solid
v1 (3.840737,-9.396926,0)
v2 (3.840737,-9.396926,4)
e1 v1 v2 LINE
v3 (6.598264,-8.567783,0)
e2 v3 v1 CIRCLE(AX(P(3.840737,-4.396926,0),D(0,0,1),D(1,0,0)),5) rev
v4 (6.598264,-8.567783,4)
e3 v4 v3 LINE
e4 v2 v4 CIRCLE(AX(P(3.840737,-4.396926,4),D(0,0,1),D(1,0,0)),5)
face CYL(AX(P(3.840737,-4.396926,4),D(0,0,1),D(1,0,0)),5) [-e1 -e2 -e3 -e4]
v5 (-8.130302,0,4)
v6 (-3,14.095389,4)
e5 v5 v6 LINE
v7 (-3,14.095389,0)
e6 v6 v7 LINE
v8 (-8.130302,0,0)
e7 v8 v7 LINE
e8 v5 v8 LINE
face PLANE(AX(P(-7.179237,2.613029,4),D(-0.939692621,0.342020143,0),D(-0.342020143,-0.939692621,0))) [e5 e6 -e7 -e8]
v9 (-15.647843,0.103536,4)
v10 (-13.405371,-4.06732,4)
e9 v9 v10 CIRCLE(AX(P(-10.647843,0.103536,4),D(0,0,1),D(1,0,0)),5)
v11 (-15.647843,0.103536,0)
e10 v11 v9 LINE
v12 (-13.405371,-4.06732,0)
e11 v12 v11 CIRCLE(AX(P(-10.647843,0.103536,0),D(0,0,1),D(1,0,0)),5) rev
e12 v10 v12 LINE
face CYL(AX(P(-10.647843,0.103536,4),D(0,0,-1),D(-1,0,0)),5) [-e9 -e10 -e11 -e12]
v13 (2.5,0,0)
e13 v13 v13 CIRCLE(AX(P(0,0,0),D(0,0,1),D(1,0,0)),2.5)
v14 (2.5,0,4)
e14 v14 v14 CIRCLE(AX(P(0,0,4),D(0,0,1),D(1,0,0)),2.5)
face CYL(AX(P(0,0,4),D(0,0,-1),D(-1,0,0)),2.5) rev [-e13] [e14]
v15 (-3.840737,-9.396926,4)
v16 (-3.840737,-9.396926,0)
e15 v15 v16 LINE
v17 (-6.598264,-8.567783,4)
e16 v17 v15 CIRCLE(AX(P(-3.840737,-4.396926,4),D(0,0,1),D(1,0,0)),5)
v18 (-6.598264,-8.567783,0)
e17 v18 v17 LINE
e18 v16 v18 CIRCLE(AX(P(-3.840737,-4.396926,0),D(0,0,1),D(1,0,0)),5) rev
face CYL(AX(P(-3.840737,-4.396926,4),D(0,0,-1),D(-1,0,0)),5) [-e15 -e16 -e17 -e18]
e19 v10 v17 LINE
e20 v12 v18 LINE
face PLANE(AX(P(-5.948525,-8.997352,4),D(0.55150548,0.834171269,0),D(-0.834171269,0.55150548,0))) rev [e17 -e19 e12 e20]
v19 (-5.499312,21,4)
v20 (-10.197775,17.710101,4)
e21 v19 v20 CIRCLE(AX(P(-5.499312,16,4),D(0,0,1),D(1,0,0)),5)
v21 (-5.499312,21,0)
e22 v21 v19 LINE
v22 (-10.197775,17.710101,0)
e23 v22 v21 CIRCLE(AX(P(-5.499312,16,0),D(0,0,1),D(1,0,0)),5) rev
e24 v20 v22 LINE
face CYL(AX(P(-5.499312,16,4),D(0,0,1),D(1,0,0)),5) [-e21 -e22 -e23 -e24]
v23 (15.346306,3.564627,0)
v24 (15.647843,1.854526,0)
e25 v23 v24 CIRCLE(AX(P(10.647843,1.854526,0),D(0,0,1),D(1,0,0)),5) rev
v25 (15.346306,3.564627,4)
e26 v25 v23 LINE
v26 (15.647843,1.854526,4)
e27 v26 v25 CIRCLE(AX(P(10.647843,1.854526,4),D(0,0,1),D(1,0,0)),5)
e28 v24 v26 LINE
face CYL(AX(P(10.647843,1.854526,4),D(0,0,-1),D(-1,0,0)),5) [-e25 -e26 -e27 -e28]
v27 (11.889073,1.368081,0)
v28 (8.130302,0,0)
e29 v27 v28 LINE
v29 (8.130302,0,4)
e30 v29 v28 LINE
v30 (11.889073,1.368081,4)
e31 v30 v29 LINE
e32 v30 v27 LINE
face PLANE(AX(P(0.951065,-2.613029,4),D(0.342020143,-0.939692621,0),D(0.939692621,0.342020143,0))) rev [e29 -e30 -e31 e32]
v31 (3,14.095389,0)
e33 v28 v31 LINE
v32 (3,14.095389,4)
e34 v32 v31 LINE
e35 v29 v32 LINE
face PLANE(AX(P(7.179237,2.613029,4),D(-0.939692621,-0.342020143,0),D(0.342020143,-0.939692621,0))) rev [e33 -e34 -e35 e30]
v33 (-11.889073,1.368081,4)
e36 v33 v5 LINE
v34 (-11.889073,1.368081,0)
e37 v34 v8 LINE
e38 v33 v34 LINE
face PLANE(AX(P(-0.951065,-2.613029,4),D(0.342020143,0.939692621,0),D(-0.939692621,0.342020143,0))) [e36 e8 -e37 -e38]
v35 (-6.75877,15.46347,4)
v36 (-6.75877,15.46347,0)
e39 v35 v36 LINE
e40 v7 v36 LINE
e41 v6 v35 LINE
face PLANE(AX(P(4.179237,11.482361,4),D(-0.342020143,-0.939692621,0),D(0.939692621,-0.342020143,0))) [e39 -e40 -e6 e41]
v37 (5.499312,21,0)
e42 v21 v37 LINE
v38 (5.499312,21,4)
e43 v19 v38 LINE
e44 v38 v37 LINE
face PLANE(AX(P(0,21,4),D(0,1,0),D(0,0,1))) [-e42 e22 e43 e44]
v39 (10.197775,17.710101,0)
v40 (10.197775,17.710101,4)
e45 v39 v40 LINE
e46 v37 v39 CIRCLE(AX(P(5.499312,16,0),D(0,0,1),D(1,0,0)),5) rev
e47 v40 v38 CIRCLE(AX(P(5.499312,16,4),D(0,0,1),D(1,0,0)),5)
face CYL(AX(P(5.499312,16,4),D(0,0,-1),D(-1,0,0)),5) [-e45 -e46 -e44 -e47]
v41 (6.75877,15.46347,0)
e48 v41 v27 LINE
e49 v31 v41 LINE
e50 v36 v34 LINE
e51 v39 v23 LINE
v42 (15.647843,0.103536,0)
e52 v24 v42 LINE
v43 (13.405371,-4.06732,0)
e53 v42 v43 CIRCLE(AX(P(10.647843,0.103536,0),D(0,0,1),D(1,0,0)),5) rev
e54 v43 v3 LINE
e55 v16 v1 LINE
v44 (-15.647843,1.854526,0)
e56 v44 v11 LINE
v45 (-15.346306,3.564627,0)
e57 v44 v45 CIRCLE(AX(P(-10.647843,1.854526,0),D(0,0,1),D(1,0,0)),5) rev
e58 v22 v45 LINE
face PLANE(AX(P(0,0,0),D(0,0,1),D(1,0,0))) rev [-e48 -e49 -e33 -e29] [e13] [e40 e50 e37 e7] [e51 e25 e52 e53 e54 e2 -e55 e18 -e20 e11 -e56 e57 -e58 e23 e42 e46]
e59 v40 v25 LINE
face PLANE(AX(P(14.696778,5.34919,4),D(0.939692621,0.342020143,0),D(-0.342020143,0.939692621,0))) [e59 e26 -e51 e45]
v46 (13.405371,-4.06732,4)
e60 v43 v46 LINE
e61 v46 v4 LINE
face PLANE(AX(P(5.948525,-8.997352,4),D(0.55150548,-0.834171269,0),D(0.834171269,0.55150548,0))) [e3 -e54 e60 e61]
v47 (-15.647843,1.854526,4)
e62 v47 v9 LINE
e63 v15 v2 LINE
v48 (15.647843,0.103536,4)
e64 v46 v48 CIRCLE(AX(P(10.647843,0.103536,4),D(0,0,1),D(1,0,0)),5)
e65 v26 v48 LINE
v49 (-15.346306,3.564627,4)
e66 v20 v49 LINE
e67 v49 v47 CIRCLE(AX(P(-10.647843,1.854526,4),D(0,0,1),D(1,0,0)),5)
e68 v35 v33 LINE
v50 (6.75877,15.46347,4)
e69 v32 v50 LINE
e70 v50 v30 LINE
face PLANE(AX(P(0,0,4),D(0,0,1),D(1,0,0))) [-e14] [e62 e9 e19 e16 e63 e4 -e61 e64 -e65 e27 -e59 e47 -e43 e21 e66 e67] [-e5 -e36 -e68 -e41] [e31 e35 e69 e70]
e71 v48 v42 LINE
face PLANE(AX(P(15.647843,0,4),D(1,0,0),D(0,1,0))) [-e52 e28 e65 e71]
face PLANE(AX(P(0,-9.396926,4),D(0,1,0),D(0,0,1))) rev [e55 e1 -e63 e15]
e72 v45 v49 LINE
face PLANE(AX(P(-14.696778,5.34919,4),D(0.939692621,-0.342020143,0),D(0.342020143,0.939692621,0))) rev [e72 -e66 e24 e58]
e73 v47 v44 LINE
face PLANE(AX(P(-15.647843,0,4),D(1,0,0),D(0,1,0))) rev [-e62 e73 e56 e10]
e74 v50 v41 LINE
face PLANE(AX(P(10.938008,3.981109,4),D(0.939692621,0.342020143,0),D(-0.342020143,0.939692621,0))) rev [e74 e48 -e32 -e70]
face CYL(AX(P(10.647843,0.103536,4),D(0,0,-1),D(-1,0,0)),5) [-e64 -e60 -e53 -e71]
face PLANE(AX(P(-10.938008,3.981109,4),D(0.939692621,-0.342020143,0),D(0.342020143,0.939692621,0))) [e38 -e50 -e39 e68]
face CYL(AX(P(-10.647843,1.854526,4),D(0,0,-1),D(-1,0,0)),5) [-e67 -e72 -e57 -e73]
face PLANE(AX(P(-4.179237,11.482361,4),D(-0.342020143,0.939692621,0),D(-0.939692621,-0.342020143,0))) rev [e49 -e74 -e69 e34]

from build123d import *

# Parameters (mm, degrees)
SKETCH_1_R      = 2.5
EXTRUDE_1_DEPTH = 4
FILLET_1_R      = 5


with BuildPart() as part:
    # ｽｹｯﾁ1 → ﾎﾞｽ - 押し出し1 (new body)
    with BuildSketch(Plane.XY):
        Polygon((9.00034941, 21), (-9.00034941, 21), (-15.647843116, 2.736161147), (-15.647843116, -2.584727716), (-5.344155371, -9.396926208), (5.344155371, -9.396926208), (15.647843116, -2.584727716), (15.647843116, 2.736161147), align=None)
        Circle(SKETCH_1_R, mode=Mode.SUBTRACT)
        Polygon((-11.889072633, 1.368080573), (-6.758770483, 15.463469885), (-3, 14.095389312), (-8.13030215, 0), align=None, mode=Mode.SUBTRACT)
        Polygon((8.13030215, 0), (3, 14.095389312), (6.758770483, 15.463469885), (11.889072633, 1.368080573), align=None, mode=Mode.SUBTRACT)
    extrude(amount=EXTRUDE_1_DEPTH)

    # ﾌｨﾚｯﾄ1
    fillet_1_edges = [part.edges().sort_by_distance(p)[0] for p in [
        (-15.647843116, 2.736161147, 2),
        (-9.00034941, 21, 2),
        (9.00034941, 21, 2),
        (15.647843116, 2.736161147, 2),
        (15.647843116, -2.584727716, 2),
        (5.344155371, -9.396926208, 2),
        (-5.344155371, -9.396926208, 2),
        (-15.647843116, -2.584727716, 2),
    ]]
    fillet(fillet_1_edges, radius=FILLET_1_R)


solid = part.part
